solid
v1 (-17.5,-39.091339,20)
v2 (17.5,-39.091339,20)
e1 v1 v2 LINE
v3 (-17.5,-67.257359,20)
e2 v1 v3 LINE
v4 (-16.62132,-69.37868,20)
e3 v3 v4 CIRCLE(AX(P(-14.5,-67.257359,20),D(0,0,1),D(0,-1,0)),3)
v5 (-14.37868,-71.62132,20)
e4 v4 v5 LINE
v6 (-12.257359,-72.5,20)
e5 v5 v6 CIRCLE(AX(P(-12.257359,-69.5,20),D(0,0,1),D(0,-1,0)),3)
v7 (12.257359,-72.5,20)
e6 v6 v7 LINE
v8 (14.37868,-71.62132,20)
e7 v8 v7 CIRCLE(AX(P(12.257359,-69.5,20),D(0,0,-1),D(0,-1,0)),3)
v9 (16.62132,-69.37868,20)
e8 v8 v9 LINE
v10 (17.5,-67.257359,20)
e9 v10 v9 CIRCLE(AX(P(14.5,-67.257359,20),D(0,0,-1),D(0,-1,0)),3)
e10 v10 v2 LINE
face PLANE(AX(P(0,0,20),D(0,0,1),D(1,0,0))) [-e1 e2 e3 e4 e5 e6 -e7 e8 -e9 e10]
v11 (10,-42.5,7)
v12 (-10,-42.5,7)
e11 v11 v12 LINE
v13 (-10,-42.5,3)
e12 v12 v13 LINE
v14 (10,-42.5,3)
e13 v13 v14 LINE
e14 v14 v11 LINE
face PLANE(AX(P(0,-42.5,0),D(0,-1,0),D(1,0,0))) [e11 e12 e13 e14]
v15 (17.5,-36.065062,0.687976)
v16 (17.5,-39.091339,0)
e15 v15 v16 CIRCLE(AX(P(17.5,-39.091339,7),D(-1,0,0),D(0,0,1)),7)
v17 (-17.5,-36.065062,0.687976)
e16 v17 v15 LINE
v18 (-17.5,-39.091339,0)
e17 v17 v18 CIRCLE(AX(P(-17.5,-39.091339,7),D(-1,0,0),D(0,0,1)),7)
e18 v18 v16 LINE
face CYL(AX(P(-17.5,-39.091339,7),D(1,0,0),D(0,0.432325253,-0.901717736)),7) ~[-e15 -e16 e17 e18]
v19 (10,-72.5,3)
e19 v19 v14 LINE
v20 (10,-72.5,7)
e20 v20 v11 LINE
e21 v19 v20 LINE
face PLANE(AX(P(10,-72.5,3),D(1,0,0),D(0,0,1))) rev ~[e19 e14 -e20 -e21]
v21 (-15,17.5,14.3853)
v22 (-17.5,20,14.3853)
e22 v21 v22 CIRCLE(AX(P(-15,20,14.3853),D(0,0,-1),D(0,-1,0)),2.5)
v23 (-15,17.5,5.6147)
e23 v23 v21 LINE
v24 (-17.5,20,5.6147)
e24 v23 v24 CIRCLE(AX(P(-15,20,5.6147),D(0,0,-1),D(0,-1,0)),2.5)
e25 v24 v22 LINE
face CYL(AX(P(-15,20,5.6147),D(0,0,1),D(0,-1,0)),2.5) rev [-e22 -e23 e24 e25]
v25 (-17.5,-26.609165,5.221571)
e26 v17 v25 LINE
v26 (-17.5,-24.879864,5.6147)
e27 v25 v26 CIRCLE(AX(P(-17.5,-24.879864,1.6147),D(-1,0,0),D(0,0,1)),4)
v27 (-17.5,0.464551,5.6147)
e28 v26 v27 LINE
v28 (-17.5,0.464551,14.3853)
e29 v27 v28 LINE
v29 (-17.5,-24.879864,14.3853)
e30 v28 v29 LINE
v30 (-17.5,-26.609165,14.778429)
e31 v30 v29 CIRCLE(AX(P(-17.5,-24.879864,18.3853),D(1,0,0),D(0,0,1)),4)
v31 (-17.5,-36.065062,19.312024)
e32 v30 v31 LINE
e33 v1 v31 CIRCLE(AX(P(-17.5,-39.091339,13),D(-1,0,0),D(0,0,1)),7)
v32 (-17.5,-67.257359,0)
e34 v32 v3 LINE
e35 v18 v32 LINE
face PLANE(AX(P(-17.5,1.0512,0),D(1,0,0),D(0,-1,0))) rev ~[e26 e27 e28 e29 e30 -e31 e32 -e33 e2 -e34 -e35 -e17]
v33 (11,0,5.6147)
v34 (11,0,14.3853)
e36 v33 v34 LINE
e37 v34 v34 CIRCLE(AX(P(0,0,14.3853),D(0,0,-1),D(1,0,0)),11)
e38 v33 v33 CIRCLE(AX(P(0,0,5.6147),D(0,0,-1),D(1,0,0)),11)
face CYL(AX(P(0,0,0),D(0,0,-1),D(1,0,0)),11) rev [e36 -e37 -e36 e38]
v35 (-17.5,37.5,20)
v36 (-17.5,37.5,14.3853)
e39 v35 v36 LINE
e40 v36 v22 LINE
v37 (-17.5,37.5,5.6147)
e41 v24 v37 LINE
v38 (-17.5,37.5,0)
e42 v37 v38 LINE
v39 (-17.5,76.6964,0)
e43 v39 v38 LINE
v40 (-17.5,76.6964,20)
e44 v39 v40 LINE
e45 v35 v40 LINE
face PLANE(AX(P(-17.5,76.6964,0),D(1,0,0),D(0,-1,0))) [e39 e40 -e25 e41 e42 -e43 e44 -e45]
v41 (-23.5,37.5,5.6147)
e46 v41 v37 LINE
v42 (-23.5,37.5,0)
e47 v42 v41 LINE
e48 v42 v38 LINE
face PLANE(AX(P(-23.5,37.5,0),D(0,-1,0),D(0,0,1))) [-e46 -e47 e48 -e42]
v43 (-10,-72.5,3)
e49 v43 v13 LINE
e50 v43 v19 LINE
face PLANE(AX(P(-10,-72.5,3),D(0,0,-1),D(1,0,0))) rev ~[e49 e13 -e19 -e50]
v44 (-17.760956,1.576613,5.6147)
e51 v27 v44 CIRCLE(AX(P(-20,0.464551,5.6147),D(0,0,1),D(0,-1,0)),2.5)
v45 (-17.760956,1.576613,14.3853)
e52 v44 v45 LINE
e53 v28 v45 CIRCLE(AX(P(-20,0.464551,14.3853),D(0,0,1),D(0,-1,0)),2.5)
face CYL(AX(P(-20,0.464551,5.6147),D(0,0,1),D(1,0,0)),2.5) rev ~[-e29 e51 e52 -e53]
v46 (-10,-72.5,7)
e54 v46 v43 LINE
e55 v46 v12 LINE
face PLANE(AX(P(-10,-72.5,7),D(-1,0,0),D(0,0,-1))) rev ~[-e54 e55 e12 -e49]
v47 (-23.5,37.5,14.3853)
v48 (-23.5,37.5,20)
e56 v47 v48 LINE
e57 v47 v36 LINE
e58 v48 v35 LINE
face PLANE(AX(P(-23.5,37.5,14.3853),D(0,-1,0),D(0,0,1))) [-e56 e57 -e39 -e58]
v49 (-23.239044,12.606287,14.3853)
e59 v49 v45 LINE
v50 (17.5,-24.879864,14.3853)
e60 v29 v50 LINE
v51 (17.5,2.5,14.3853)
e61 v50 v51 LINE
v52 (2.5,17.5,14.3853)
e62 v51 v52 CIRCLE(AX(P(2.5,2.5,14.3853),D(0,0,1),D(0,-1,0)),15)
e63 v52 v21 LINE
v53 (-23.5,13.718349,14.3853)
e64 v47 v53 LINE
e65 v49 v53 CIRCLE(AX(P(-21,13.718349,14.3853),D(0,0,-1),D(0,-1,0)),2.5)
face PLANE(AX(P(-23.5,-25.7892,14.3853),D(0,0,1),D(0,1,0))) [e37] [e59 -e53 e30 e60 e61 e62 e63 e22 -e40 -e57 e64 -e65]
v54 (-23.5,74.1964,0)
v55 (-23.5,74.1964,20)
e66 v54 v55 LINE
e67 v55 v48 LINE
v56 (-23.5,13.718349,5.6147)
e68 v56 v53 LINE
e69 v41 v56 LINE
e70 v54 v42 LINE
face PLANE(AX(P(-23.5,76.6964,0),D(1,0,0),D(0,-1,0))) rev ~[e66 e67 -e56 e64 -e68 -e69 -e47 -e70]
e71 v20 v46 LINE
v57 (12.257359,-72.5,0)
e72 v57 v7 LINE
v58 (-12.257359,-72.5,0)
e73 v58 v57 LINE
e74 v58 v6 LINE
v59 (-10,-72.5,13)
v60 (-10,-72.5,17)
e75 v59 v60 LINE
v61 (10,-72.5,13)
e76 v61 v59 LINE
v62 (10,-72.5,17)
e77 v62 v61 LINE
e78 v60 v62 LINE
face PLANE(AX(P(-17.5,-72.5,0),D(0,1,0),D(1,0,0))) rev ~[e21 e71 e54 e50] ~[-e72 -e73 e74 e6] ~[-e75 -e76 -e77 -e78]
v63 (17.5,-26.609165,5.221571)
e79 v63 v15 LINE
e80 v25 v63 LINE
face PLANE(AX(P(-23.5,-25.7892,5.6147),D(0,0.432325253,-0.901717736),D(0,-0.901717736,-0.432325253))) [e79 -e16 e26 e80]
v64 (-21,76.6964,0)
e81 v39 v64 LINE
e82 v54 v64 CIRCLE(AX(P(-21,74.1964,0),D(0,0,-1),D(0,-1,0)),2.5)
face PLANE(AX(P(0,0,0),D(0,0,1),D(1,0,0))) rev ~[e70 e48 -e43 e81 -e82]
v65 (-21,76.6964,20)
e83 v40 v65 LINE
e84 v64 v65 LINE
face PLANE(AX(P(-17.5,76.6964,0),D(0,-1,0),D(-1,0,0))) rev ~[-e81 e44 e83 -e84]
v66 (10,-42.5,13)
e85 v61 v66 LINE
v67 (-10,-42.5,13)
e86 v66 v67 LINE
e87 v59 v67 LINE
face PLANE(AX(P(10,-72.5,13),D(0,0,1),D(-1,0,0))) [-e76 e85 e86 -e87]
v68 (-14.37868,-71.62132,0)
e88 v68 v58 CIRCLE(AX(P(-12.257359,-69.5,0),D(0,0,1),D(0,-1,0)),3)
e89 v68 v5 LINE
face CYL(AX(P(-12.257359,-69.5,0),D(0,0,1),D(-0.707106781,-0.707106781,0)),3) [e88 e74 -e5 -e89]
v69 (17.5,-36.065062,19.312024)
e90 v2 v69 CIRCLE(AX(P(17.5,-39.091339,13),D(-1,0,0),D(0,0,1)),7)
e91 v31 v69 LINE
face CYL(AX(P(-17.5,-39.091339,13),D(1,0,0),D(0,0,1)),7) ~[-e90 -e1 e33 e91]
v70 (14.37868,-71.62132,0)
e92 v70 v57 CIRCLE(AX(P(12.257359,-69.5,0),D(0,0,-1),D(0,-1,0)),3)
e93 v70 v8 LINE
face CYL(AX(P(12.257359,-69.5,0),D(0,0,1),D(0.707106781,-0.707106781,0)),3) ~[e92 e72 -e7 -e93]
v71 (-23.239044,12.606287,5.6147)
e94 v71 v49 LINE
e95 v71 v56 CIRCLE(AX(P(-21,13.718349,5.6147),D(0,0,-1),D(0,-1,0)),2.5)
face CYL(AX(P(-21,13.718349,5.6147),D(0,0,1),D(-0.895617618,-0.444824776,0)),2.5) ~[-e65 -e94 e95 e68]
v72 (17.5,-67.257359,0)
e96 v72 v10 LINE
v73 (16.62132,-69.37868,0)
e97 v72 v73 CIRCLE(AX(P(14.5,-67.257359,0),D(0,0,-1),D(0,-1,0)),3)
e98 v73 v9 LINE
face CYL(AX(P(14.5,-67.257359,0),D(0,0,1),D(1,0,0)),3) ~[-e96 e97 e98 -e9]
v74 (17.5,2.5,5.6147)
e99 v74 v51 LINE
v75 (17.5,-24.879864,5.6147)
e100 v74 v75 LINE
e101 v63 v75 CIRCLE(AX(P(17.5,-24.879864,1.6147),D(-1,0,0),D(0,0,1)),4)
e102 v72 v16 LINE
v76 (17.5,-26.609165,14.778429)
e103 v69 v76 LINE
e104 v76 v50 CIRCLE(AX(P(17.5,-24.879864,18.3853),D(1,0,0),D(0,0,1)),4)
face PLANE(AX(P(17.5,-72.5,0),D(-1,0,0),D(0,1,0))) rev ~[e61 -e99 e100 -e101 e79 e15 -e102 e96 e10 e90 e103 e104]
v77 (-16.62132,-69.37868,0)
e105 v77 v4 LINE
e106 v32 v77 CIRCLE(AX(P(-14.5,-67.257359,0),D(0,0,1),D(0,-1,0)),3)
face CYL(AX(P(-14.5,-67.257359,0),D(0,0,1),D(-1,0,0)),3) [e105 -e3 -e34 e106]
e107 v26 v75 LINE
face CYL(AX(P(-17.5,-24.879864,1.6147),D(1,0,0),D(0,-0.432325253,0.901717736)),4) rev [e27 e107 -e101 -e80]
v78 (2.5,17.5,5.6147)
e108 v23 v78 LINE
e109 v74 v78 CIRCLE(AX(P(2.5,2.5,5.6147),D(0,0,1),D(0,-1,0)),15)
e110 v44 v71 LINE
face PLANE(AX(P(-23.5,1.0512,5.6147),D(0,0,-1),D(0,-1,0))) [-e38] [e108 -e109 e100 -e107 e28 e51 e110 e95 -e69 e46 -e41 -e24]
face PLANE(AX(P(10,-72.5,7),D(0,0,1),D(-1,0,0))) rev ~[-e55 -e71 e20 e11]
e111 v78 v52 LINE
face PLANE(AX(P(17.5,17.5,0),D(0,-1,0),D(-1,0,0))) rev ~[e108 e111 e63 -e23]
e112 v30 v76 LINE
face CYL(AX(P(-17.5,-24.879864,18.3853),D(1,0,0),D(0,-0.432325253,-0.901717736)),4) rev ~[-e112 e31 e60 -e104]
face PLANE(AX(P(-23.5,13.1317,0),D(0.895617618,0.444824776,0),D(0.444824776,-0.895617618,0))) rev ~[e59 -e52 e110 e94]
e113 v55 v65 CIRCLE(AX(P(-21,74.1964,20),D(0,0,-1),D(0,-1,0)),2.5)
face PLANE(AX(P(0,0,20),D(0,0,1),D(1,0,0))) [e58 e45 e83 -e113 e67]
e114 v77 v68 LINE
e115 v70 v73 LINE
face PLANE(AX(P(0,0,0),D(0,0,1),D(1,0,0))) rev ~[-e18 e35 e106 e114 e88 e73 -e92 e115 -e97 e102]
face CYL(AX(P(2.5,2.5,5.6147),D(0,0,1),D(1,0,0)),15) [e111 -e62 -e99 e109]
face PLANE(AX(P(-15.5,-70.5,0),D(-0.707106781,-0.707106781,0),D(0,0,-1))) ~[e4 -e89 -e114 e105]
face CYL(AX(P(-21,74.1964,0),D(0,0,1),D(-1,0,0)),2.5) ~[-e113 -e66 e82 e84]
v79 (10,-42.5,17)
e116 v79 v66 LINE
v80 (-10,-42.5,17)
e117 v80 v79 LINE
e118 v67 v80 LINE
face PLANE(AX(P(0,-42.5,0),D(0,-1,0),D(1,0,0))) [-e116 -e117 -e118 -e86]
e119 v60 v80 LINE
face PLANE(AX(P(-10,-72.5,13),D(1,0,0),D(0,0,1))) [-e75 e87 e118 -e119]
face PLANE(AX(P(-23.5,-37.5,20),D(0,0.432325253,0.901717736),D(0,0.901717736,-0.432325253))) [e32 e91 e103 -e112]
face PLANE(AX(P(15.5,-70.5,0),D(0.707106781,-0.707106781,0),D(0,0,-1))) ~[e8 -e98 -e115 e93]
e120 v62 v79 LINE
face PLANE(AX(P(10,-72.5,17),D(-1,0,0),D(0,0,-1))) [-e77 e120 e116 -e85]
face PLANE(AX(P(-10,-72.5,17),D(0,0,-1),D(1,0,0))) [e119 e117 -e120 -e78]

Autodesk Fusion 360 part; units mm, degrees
sketch "Sketch1" plane through (0, 0, 0) normal (0, 0, 1) x (1, 0, 0)
  circle A0 centre (0, 0) radius 11
  line L0 (-17.5, -72.5) -> (17.5, -72.5)
  line L1 (17.5, -72.5) -> (17.5, 17.5)
  line L2 (17.5, 17.5) -> (-17.5, 17.5)
  line L3 (-17.5, 17.5) -> (-17.5, -72.5)
  line L4 (-17.5, 76.6964) -> (-17.5, 51.5115)
  line L5 (-17.5, 51.5115) -> (-17.5, 17.5)
  line L6 (-23.5, 76.6964) -> (-23.5, 13.1317)
  line L7 (-23.5, 13.1317) -> (-17.5, 1.0512)
  line L8 (-17.5, 76.6964) -> (-23.5, 76.6964)
  dimension "d1" = 22
  dimension "d2" = 90
  dimension "d3" = 35
  dimension "d4" = 17.5
  dimension "d10" = 17.5
  dimension "d47" = 6
  dimension "d48" = 6
  dimension "d49" = 6
extrude "Extrude1" add sketch "Sketch1" along normal blind 20
sketch "Sketch4" plane through (-23.5, 0, 0) normal (-1, 0, 0) x (0, -1, 0)
  line L0 (-1.0512, 0) -> (72.5, 0)
  line L1 (72.5, 0) -> (72.5, 20)
  line L2 (72.5, 20) -> (-1.0512, 20)
  line L3 (72.5, 0) -> (72.5, 20)
  line L4 (37.5, 20) -> (25.7892, 14.3853)
  line L5 (25.7892, 14.3853) -> (-37.5, 14.3853)
  line L6 (-37.5, 14.3853) -> (-37.5, 5.6147)
  line L7 (-37.5, 5.6147) -> (25.7892, 5.6147)
  line L8 (25.7892, 5.6147) -> (37.5, 0)
  line L9 (72.5, 0) -> (72.5, 20)
  line L10 (-17.5, 0) -> (72.5, 0)
  line L11 (37.5, 20) -> (72.5, 20)
  line L12 (72.5, 0) -> (37.5, 0)
  line L13 (-37.5, 14.3853) -> (-37.5, 20)
  line L14 (-1.0512, 20) -> (-1.0512, 0)
  line L15 (-37.5, 0) -> (-37.5, 5.6147)
  line L16 (-1.0512, 20) -> (-1.0512, 0)
  line L17 (-76.6964, 0) -> (-13.1317, 0)
  line L18 (-13.1317, 0) -> (-13.1317, 20)
  line L19 (-13.1317, 20) -> (-76.6964, 20)
  line L20 (-76.6964, 20) -> (-76.6964, 0)
  line L21 (-13.1317, 20) -> (-1.0512, 20)
  dimension "d16" = 110
  dimension "d17" = 35
  dimension "d40" = 5.6147
  dimension "d41" = 8.7705
extrude "Extrude2" cut sketch "Sketch4" against normal blind 52 contours L0 L7 L8 L10 L14 L16 | L7 L10 L14 L16 L18 | L7 L10 L15 L17 L18 | L2 L4 L5 L14 L16 | L5 L14 L16 L18 L21 | L5 L13 L18 L19
chamfer "Chamfer1" distance 4 angle 45 2 edges at (-17.5, -72.5, 10) (17.5, -72.5, 10)
sketch "Sketch6" plane through (0, -72.5, 0) normal (0, -1, 0) x (1, 0, 0)
  line L0 (13.5, 0) -> (13.5, 20)
  line L1 (13.5, 20) -> (-13.5, 20)
  line L2 (-13.5, 20) -> (-13.5, 0)
  line L3 (-13.5, 0) -> (13.5, 0)
  line L4 (-10, 17) -> (10, 17)
  line L5 (10, 13) -> (-10, 13)
  line L6 (-10, 13) -> (-10, 17)
  line L7 (10, 3) -> (10, 7)
  line L8 (10, 7) -> (-10, 7)
  line L9 (-10, 7) -> (-10, 3)
  line L10 (-10, 3) -> (10, 3)
  line L11 (10, 17) -> (10, 13)
  dimension "d25" = 20
  dimension "d26" = 4
extrude "Extrude3" cut sketch "Sketch6" against normal blind 30 contours L4 L5 L6 L11 | L7 L8 L9 L10
fillet "Fillet1" radius 4 2 edges at (0, -25.7892, 14.3853) (0, -25.7892, 5.6147)
fillet "Fillet2" radius 7 2 edges at (0, -37.5, 20) (0, -37.5, 0)
fillet "Fillet3" radius 15 1 edges at (17.5, 17.5, 10)
fillet "Fillet4" radius 3 4 edges at (-17.5, -68.5, 10) (-13.5, -72.5, 10) (17.5, -68.5, 10) (13.5, -72.5, 10)
fillet "Fillet6" radius 2.5 3 edges at (-17.5, 1.0512, 10) (-23.5, 13.1317, 10) (-23.5, 76.6964, 10)
fillet "Fillet6" radius 2.5 1 edges at (-17.5, 17.5, 10)
equation "d40 = ( 20 mm - d41 ) / 2"
